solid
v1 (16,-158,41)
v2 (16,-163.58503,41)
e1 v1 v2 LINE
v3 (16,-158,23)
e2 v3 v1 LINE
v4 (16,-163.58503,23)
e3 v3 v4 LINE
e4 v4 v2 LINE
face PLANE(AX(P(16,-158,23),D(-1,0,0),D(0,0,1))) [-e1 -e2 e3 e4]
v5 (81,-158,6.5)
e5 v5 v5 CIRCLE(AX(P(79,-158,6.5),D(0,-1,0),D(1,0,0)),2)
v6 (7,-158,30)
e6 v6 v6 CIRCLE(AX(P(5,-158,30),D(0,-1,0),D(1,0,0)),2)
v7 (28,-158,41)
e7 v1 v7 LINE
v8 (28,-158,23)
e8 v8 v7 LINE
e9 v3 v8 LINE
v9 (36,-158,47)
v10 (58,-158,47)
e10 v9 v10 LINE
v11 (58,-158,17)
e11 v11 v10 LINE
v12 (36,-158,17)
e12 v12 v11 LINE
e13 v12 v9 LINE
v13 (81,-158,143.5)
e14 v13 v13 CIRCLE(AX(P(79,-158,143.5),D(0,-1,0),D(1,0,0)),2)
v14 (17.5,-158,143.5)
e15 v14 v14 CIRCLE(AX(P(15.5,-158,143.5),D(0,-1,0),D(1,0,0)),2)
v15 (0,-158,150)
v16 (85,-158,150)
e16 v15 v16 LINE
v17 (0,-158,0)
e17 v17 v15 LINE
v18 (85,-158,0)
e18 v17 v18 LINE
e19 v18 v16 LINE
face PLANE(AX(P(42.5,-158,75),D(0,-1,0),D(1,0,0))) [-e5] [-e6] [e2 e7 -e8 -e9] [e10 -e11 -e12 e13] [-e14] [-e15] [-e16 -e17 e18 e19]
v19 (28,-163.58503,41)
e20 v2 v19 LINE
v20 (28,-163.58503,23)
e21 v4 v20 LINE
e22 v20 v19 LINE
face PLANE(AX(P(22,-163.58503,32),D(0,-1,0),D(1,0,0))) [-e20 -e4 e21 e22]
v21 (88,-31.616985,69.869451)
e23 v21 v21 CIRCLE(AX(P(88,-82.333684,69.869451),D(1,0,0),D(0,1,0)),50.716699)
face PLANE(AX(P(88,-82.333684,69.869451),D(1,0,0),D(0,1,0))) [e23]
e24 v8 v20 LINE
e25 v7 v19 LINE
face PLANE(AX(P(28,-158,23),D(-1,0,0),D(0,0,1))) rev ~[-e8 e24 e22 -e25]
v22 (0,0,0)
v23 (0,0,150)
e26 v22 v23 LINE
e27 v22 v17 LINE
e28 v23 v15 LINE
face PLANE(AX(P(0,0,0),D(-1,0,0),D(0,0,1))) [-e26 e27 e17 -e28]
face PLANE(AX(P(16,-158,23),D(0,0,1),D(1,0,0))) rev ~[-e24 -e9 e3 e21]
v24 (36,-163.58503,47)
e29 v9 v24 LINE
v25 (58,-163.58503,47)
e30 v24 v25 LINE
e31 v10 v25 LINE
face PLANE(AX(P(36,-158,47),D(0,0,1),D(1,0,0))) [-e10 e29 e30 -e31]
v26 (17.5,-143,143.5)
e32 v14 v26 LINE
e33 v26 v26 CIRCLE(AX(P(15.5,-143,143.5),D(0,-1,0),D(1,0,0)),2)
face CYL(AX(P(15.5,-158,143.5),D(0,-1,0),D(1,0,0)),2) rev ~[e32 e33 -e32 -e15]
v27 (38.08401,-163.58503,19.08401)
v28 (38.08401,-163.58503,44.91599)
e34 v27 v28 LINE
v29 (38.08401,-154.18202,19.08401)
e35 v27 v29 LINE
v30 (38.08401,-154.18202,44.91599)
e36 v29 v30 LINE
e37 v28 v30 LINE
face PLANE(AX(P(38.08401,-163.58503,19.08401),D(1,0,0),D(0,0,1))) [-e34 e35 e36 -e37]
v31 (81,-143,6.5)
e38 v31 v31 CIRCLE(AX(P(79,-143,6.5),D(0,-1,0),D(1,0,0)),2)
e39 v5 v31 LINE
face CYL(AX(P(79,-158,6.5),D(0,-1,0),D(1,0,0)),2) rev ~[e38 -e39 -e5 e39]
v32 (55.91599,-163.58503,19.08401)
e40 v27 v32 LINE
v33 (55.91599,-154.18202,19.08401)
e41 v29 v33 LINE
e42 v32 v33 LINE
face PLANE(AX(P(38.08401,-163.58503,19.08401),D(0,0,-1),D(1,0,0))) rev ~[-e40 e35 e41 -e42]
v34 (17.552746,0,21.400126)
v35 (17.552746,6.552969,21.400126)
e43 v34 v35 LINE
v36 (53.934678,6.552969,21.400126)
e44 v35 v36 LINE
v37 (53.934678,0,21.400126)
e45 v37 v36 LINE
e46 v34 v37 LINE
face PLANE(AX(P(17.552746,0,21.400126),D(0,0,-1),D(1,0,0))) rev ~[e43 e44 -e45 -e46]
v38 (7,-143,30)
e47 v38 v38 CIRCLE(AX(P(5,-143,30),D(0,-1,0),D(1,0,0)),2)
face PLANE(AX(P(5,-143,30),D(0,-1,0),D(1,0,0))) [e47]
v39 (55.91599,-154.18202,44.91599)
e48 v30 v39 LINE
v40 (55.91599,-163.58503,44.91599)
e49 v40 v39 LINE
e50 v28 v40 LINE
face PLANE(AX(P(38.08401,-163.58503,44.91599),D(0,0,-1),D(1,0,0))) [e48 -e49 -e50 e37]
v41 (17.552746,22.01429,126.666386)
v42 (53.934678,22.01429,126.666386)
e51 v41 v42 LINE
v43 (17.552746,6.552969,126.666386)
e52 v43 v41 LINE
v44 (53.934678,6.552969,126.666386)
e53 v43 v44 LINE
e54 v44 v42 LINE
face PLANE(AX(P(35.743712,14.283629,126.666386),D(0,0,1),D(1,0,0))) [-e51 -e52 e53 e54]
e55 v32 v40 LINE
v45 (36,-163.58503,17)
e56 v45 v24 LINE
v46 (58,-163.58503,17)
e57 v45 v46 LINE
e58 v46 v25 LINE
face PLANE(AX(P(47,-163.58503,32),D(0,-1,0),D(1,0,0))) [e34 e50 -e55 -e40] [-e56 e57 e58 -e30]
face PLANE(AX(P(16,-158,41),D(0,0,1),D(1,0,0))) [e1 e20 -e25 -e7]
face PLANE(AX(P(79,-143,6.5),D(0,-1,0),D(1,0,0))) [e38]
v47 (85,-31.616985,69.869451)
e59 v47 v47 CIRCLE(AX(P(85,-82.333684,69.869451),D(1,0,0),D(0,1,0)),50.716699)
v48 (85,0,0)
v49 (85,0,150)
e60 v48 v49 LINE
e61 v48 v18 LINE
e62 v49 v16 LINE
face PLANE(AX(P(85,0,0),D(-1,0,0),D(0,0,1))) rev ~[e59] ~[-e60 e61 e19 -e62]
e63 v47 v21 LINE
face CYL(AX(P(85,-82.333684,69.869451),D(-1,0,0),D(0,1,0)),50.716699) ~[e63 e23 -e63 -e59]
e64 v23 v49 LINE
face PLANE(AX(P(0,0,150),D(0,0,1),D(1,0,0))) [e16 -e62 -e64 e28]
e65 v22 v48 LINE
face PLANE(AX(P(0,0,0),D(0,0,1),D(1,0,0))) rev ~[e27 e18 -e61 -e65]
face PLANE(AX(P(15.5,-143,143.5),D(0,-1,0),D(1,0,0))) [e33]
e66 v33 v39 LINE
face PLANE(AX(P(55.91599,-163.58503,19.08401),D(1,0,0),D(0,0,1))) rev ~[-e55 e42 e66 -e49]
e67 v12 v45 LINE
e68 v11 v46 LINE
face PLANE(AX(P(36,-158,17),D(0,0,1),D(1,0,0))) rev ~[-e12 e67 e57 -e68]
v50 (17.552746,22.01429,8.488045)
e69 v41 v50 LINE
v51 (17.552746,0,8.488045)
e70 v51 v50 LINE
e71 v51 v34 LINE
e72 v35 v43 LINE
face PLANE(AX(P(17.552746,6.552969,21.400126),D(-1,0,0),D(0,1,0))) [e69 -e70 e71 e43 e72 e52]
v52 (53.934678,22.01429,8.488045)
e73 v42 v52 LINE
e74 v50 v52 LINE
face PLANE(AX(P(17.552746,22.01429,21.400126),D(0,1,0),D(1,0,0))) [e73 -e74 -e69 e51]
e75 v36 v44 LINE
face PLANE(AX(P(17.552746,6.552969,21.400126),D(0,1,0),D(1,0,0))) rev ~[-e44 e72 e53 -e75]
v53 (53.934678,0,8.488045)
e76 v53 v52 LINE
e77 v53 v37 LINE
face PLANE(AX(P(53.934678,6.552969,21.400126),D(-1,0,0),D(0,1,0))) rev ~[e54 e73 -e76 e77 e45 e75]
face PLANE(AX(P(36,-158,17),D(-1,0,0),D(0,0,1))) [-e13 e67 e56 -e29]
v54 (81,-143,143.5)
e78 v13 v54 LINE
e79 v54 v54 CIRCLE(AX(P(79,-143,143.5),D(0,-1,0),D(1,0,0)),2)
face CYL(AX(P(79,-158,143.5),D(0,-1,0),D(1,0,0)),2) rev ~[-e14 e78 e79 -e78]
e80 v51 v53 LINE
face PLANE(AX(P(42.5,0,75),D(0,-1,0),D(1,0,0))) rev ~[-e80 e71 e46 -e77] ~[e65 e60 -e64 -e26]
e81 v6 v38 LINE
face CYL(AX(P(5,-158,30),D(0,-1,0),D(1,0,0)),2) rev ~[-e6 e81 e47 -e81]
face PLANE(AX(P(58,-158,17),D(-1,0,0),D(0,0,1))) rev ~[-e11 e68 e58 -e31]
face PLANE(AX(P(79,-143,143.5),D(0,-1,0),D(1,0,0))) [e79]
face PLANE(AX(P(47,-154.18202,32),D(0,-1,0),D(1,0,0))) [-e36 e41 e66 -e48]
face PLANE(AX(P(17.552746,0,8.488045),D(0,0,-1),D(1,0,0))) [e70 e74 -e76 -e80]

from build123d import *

# Parameters (mm, degrees)
F0_W      = 85
F0_H      = 150
F0_R      = 2
F1_DEPTH  = 158
F2_R      = 2
F3_DEPTH  = 15
F4_W      = 12
F4_H      = 18
F4_W_2    = 22
F4_H_2    = 30
F5_DEPTH  = 5.58503
F6_W      = 17.8319794536
F6_H      = 25.8319794536
F7_DEPTH  = 9.40301
F8_R      = 50.7166992879
F9_DEPTH  = 3
F10_W     = 36.3819319755
F10_H     = 12.9120806232
F11_DEPTH = 22.01429
F12_W     = 36.3819319755
F12_H     = 15.4613213601
F13_DEPTH = 105.26626


with BuildPart() as f1:
    # F0 (on Front) → F1 (new body)
    with BuildSketch(Plane.XZ):
        with Locations((42.5, 75)):
            Rectangle(F0_W, F0_H)
        with Locations((5, 30)):
            Circle(F0_R, mode=Mode.SUBTRACT)
        with Locations((79, 6.5)):
            Circle(F0_R, mode=Mode.SUBTRACT)
        with Locations((15.5, 143.5)):
            Circle(F0_R, mode=Mode.SUBTRACT)
        with Locations((79, 143.5)):
            Circle(F0_R, mode=Mode.SUBTRACT)
        with Locations((15.5, 143.5)):
            Circle(F0_R)
        with Locations((79, 143.5)):
            Circle(F0_R)
        with Locations((79, 6.5)):
            Circle(F0_R)
        with Locations((5, 30)):
            Circle(F0_R)
    extrude(amount=F1_DEPTH)

    # F2 (on face) → F3 (cut)
    with BuildSketch(Plane.XZ.offset(158)):
        with Locations((79, 6.5)):
            Circle(F2_R)
        with Locations((5, 30)):
            Circle(F2_R)
        with Locations((15.5, 143.5)):
            Circle(F2_R)
        with Locations((79, 143.5)):
            Circle(F2_R)
    extrude(amount=-F3_DEPTH, mode=Mode.SUBTRACT)

    # F4 (on face) → F5 (join)
    with BuildSketch(Plane.XZ.offset(158)):
        with Locations((22, 32)):
            Rectangle(F4_W, F4_H)
        with Locations((47, 32)):
            Rectangle(F4_W_2, F4_H_2)
    extrude(amount=F5_DEPTH)

    # F6 (on face) → F7 (cut)
    with BuildSketch(Plane.XZ.offset(163.58503)):
        with Locations((47, 32)):
            Rectangle(F6_W, F6_H)
    extrude(amount=-F7_DEPTH, mode=Mode.SUBTRACT)

    # F8 (on face) → F9 (join)
    with BuildSketch(Plane.YZ.offset(85)):
        with Locations((-82.3336839676, 69.8694512248)):
            Circle(F8_R)
    extrude(amount=F9_DEPTH)

    # F10 (on face) → F11 (join)
    with BuildSketch(Plane.XZ):
        with Locations((35.7437124476, 14.9440853857)):
            Rectangle(F10_W, F10_H)
    extrude(amount=-F11_DEPTH)

    # F12 (on face) → F13 (join)
    with BuildSketch(Plane.XY.offset(21.4001256973)):
        with Locations((35.7437124476, 14.2836293199)):
            Rectangle(F12_W, F12_H)
    extrude(amount=F13_DEPTH)


solid = f1.part
